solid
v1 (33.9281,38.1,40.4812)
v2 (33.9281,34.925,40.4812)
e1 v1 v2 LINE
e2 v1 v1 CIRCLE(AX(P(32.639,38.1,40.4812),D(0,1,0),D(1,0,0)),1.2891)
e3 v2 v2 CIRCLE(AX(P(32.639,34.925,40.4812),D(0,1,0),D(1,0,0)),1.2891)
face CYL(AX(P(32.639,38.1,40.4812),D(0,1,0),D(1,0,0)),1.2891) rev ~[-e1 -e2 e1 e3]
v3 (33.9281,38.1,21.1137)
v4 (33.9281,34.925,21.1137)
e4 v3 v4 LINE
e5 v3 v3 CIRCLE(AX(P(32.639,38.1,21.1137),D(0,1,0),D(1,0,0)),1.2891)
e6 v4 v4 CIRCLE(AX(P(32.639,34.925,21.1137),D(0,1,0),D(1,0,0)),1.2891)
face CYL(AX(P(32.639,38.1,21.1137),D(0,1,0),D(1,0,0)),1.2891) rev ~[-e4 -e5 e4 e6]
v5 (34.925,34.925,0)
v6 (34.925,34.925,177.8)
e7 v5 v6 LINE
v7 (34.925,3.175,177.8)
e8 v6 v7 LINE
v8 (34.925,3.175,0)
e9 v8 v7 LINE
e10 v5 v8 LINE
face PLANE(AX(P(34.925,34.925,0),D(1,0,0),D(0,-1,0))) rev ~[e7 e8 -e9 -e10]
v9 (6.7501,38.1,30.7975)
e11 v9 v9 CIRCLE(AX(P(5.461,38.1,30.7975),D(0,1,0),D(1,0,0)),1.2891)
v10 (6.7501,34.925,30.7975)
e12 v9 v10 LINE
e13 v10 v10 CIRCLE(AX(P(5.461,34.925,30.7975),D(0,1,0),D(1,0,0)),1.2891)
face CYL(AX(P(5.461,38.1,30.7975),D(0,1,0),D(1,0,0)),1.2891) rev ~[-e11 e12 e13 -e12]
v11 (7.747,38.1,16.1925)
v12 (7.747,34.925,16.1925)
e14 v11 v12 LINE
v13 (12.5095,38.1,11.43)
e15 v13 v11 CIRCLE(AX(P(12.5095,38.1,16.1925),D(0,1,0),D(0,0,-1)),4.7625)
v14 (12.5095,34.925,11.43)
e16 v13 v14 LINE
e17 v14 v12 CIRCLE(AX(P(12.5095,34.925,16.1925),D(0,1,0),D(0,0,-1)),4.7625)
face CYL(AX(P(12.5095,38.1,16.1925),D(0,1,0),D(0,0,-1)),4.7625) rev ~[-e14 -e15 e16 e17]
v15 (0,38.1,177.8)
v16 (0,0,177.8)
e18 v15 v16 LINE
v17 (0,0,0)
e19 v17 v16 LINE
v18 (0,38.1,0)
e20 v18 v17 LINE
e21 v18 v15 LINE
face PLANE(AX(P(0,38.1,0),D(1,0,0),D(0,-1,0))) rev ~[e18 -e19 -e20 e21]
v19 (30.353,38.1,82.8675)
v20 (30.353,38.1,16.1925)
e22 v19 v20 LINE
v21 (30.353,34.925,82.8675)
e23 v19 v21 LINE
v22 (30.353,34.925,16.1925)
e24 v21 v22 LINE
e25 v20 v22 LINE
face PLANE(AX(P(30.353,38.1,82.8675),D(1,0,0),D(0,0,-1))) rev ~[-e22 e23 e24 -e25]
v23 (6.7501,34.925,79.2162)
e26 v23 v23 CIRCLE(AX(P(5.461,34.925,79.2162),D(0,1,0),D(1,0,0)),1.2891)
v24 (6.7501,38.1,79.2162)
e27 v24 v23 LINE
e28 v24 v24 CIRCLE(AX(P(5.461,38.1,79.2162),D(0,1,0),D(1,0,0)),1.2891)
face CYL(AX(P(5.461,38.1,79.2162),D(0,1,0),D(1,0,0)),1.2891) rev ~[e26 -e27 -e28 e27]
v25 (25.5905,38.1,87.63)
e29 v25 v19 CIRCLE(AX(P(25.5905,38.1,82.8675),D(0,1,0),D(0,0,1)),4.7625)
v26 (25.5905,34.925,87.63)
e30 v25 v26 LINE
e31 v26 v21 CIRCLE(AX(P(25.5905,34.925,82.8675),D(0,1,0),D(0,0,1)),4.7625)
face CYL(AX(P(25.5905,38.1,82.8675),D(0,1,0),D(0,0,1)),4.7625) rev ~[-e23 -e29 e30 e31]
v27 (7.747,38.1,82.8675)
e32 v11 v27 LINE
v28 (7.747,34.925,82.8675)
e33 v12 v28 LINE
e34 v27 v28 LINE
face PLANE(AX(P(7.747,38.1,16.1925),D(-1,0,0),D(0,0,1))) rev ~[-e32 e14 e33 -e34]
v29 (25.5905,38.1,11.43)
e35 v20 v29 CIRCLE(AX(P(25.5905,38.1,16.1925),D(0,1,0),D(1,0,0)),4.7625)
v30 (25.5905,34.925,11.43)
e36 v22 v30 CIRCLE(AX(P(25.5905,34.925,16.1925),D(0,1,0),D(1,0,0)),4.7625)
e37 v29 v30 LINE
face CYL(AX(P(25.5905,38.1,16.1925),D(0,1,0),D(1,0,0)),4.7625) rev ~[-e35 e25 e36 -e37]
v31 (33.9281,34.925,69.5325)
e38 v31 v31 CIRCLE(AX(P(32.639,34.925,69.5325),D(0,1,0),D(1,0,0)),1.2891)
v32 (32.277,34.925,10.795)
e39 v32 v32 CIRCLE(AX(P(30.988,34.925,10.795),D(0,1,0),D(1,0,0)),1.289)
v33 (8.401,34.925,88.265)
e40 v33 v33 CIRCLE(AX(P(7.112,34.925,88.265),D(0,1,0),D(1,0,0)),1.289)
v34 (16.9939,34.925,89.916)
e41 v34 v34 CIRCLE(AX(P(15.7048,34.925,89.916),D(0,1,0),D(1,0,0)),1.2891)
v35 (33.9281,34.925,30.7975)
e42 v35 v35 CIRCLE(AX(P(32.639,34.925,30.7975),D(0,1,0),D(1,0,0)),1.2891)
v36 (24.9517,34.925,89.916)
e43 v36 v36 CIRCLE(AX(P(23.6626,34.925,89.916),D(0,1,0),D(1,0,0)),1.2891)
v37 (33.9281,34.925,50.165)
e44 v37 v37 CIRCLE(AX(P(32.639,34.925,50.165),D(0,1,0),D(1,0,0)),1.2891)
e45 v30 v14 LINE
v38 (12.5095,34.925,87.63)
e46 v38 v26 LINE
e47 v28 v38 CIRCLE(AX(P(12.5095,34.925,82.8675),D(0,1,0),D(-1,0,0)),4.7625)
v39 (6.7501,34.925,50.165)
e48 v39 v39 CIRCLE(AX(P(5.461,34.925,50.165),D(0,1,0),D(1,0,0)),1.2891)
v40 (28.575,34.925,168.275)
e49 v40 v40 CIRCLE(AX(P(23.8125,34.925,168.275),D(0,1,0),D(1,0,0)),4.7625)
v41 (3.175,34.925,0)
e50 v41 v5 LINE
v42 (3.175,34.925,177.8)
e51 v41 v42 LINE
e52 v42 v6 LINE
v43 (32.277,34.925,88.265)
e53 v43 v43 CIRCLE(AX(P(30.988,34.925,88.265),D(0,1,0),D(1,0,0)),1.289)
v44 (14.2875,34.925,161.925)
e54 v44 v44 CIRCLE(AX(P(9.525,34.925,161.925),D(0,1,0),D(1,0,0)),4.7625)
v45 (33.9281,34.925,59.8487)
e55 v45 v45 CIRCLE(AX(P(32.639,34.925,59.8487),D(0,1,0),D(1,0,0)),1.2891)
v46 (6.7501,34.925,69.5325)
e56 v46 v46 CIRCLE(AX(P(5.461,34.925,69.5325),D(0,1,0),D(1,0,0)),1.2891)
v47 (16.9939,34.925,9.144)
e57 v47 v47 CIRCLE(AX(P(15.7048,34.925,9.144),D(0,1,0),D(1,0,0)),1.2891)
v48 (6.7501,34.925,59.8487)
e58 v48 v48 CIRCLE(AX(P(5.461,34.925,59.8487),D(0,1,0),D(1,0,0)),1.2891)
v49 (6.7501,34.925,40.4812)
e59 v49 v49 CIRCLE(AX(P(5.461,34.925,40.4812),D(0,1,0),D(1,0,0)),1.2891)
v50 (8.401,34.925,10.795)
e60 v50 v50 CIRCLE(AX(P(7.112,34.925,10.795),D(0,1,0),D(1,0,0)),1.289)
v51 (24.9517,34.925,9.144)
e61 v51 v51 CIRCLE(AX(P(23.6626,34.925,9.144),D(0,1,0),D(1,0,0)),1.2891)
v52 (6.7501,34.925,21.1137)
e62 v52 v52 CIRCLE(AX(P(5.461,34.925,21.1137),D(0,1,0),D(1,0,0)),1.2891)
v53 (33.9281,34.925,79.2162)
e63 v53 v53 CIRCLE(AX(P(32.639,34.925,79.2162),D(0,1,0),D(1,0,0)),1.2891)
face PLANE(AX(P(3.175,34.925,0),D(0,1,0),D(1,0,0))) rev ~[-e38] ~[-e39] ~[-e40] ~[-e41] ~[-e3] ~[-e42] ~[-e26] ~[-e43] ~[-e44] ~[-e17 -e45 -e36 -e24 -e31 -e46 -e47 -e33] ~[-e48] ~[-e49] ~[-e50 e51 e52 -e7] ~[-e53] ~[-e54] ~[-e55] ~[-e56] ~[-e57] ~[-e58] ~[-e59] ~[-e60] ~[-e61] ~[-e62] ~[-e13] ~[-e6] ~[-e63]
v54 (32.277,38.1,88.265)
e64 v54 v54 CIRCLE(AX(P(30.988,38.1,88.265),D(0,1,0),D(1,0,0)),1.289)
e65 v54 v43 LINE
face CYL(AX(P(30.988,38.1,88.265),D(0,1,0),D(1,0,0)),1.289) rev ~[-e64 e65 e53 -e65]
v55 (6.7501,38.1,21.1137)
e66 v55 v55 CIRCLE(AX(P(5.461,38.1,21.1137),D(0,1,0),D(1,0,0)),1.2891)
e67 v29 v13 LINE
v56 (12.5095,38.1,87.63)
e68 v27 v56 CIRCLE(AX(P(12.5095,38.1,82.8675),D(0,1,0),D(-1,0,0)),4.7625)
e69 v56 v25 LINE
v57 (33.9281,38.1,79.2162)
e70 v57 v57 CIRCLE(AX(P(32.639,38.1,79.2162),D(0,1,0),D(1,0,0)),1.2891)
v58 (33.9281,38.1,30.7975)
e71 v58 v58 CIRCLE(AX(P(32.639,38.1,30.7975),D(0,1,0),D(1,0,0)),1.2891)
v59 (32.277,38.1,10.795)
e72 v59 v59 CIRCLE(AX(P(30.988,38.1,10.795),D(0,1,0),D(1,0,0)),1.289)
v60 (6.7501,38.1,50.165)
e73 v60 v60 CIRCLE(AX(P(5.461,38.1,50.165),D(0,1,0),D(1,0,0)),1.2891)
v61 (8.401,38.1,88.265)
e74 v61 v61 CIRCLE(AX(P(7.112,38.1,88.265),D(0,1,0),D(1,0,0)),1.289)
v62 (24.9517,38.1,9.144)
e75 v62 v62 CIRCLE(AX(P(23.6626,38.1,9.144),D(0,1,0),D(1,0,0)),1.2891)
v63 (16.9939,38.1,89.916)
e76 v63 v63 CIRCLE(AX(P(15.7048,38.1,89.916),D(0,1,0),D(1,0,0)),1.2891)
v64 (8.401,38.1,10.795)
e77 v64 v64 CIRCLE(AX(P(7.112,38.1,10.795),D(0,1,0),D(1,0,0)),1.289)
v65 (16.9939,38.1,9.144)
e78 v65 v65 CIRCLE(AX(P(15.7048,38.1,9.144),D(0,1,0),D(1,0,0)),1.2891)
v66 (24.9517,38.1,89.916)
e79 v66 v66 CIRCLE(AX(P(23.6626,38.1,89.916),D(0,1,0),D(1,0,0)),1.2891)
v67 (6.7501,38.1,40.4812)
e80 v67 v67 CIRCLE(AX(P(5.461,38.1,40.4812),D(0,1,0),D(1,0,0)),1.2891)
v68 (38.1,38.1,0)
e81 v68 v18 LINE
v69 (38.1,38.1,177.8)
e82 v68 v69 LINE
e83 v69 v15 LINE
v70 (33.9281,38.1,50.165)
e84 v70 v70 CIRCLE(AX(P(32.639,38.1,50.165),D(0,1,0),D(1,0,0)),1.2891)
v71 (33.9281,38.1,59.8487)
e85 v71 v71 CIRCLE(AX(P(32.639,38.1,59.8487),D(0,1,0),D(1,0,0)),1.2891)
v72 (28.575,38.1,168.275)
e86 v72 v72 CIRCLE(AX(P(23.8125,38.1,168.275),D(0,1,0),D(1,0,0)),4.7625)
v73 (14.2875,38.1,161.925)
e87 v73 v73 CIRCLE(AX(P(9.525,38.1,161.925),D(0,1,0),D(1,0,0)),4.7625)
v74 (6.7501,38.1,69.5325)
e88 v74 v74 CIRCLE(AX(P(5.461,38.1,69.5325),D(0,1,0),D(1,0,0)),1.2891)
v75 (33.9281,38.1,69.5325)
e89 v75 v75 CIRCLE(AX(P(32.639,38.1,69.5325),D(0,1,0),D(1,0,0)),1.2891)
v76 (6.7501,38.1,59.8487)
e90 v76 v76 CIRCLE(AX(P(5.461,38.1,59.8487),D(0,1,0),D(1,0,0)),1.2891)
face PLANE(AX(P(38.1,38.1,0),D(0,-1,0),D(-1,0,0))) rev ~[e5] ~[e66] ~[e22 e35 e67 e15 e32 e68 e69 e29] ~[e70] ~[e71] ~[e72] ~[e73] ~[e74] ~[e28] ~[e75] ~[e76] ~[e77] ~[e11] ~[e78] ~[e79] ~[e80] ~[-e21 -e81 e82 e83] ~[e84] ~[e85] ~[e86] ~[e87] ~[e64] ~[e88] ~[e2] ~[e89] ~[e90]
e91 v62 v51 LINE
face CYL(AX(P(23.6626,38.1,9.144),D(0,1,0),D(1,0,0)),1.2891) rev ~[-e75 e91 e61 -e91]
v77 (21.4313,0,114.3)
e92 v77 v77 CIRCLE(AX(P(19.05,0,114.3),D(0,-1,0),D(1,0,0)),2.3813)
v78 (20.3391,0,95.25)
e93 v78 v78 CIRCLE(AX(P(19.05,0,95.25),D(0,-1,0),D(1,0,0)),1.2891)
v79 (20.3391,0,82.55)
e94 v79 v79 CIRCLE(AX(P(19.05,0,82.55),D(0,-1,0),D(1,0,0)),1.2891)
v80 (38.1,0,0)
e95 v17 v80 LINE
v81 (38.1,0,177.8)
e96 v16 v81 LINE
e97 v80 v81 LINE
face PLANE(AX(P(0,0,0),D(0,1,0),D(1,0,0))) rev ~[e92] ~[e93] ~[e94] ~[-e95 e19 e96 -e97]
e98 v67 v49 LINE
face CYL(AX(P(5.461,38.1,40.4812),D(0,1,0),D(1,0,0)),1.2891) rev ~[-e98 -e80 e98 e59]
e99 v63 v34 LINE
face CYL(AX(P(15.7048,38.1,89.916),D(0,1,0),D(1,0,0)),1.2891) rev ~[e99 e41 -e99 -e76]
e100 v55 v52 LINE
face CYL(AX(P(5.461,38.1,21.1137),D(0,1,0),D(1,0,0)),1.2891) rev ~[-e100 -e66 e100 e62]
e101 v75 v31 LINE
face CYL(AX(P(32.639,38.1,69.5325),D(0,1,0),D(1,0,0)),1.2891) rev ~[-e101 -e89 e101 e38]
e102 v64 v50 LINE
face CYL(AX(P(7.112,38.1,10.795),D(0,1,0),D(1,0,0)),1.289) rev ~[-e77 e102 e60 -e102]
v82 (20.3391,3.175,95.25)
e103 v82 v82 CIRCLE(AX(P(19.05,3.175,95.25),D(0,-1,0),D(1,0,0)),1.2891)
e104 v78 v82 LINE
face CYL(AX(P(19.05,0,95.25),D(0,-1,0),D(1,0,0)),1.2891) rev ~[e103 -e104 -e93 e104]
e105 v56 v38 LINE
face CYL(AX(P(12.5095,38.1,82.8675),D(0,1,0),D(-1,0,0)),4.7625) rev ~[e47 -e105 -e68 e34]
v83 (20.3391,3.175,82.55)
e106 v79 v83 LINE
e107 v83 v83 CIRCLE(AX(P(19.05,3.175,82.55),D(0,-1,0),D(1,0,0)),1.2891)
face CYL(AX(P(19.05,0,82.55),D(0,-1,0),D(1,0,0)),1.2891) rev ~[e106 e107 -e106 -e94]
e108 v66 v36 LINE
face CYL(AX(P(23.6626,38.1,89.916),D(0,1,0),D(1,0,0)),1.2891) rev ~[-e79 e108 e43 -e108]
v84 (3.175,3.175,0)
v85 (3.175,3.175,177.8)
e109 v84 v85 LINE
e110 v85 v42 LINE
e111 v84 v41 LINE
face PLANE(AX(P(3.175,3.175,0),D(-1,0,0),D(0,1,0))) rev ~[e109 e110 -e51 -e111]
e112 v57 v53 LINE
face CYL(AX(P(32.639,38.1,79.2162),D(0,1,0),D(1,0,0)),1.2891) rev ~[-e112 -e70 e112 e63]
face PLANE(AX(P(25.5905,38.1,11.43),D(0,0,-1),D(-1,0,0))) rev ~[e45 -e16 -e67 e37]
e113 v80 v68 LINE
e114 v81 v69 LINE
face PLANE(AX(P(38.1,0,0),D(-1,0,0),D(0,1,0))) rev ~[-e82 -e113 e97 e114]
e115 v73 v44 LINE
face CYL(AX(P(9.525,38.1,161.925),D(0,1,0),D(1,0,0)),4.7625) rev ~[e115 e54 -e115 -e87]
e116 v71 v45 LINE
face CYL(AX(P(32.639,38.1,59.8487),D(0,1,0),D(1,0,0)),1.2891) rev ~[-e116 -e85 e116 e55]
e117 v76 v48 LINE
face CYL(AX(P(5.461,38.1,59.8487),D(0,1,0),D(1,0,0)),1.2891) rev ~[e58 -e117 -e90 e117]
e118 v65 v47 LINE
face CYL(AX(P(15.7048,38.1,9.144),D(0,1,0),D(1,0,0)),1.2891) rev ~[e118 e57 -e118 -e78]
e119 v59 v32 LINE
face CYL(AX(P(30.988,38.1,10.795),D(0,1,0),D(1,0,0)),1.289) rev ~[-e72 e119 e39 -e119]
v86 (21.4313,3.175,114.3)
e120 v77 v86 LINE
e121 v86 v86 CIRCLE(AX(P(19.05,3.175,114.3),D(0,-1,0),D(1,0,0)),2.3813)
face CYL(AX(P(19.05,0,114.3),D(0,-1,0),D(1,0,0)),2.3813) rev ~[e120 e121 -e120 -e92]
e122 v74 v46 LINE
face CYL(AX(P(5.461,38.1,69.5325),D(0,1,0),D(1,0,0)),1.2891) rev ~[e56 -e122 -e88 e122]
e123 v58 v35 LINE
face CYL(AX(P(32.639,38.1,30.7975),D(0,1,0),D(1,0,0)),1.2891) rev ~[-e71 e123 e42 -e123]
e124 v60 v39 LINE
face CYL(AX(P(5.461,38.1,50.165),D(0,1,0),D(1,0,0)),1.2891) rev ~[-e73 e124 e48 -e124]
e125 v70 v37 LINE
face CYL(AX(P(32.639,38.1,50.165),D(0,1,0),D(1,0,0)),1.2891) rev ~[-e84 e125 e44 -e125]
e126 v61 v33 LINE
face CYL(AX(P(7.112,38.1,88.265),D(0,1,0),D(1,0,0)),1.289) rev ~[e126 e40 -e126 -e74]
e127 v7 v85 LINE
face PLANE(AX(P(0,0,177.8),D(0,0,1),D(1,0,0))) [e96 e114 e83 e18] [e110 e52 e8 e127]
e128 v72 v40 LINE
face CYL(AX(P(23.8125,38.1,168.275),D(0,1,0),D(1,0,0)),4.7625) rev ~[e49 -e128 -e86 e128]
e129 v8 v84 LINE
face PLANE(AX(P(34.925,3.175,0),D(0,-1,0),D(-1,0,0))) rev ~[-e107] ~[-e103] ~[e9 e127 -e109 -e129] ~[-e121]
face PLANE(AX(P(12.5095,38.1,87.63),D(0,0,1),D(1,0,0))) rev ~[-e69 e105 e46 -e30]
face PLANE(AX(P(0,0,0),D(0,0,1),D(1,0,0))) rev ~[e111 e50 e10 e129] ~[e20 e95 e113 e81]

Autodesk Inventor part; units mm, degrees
ref_plane "YZ Plane" through (0, 0, 0) normal (1, 0, 0) x (0, 1, 0)
ref_plane "XZ Plane" through (0, 0, 0) normal (0, 1, 0) x (-1, 0, 0)
ref_plane "XY Plane" through (0, 0, 0) normal (0, 0, 1) x (1, 0, 0)
sketch "Sketch1" plane through (0, 0, 0) normal (0, 0, 1) x (1, 0, 0)
  line L0 (0, 0) -> (38.1, 0)
  line L1 (38.1, 0) -> (38.1, 38.1)
  line L2 (38.1, 38.1) -> (0, 38.1)
  line L3 (0, 38.1) -> (0, 0)
  line L4 (3.175, 34.925) -> (34.925, 34.925)
  line L5 (34.925, 34.925) -> (34.925, 3.175)
  line L6 (34.925, 3.175) -> (3.175, 3.175)
  line L7 (3.175, 3.175) -> (3.175, 34.925)
  dimension "d0" = 38.1
  dimension "d1" = 38.1
  dimension "d2" = 3.175
extrude "Extrusion1" add sketch "Sketch1" along normal blind 177.8
sketch "Sketch2" plane through (0, 38.1, 0) normal (0, 1, 0) x (1, 0, 0)
  line L0 (12.5095, -87.63) -> (25.5905, -87.63)
  line L1 (30.353, -82.8675) -> (30.353, -16.1925)
  line L2 (25.5905, -11.43) -> (12.5095, -11.43)
  line L3 (7.747, -16.1925) -> (7.747, -82.8675)
  line L4 (38.1, 0) -> (0, 0) projected
  arc A0 (7.747, -82.8675) -> (12.5095, -87.63) centre (12.5095, -82.8675) ccw
  arc A1 (25.5905, -87.63) -> (30.353, -82.8675) centre (25.5905, -82.8675) ccw
  arc A2 (30.353, -16.1925) -> (25.5905, -11.43) centre (25.5905, -16.1925) ccw
  arc A3 (12.5095, -11.43) -> (7.747, -16.1925) centre (12.5095, -16.1925) ccw
  point P0 (30.353, -11.43)
  point P1 (30.353, -87.63)
  point P2 (7.747, -11.43)
  point P3 (19.05, -11.43)
  point P4 (19.05, 0)
  dimension "d5" = 22.606
  dimension "d6" = 76.2
  dimension "d7" = 11.43
  dimension "d8" = 4.7625
extrude "Extrusion2" cut sketch "Sketch2" against normal blind 3.175
sketch "Sketch3" plane through (0, 38.1, 0) normal (0, 1, 0) x (1, 0, 0)
  circle A0 centre (7.112, -10.795) radius 1.289
  line L0 (0, 0) -> (0, -177.8) projected
  line L1 (12.5095, -11.43) -> (25.5905, -11.43) projected
  line L2 (7.747, -82.8675) -> (7.747, -16.1925) projected
  circle A1 centre (30.988, -10.795) radius 1.289
  circle A2 centre (7.112, -88.265) radius 1.289
  circle A3 centre (30.988, -88.265) radius 1.289
  circle A4 centre (5.461, -21.1137) radius 1.2891
  circle A5 centre (32.639, -21.1137) radius 1.2891
  circle A6 centre (5.461, -30.7975) radius 1.2891
  circle A7 centre (32.639, -30.7975) radius 1.2891
  circle A8 centre (5.461, -40.4812) radius 1.2891
  circle A9 centre (32.639, -40.4812) radius 1.2891
  circle A10 centre (5.461, -50.165) radius 1.2891
  circle A11 centre (32.639, -50.165) radius 1.2891
  circle A12 centre (5.461, -59.8487) radius 1.2891
  circle A13 centre (32.639, -59.8487) radius 1.2891
  circle A14 centre (5.461, -69.5325) radius 1.2891
  circle A15 centre (32.639, -69.5325) radius 1.2891
  circle A16 centre (5.461, -79.2162) radius 1.2891
  circle A17 centre (32.639, -79.2162) radius 1.2891
  circle A18 centre (15.7048, -9.144) radius 1.2891
  circle A19 centre (23.6626, -9.144) radius 1.2891
  circle A20 centre (15.7048, -89.916) radius 1.2891
  circle A21 centre (23.6626, -89.916) radius 1.2891
  dimension "d11" = 2.5781
  dimension "d14" = 0.635
  dimension "d15" = 0.635
  dimension "d18" = 23.876
  dimension "d21" = 77.47
  dimension "d24" = 2.5781
  dimension "d25" = 2.286
  dimension "d26" = 9.6837
  dimension "d29" = 27.178
  dimension "d32" = 9.6837
  dimension "d35" = 2.5781
  dimension "d36" = 7.9578
  dimension "d37" = 2.286
  dimension "d40" = 7.9578
  dimension "d43" = 80.772
extrude "Extrusion3" cut sketch "Sketch3" against normal blind 3.175
sketch "Sketch4" plane through (0, 0, 0) normal (0, -1, 0) x (1, 0, 0)
  circle A0 centre (19.05, 82.55) radius 1.2891
  line L0 (0, 0) -> (38.1, 0) projected
  line L1 (38.1, 0) -> (38.1, 177.8) projected
  circle A1 centre (19.05, 95.25) radius 1.2891
  point P0 (19.05, 0)
  dimension "d48" = 2.5781
  dimension "d49" = 82.55
  dimension "d52" = 12.7
extrude "Extrusion4" cut sketch "Sketch4" against normal blind 3.175
sketch "Sketch5" plane through (0, 0, 0) normal (0, -1, 0) x (1, 0, 0)
  circle A0 centre (19.05, 114.3) radius 2.3813
  line L0 (0, 0) -> (38.1, 0) projected
  point P0 (19.05, 0)
  dimension "d59" = 4.7625
  dimension "d60" = 114.3
extrude "Extrusion5" cut sketch "Sketch5" against normal blind 3.175
sketch "Sketch6" plane through (0, 38.1, 0) normal (0, 1, 0) x (1, 0, 0)
  circle A0 centre (9.525, -161.925) radius 4.7625
  line L0 (38.1, -177.8) -> (0, -177.8) projected
  line L1 (0, 0) -> (0, -177.8) projected
  circle A1 centre (23.8125, -168.275) radius 4.7625
  line L2 (38.1, 0) -> (38.1, -177.8) projected
  dimension "d63" = 15.875
  dimension "d64" = 9.525
  dimension "d65" = 9.525
  dimension "d66" = 9.525
  dimension "d67" = 14.2875
  dimension "d68" = 9.525
extrude "Extrusion6" cut sketch "Sketch6" against normal blind 3.175
properties part number "Hull_Alu" material "Aluminum 6061"
